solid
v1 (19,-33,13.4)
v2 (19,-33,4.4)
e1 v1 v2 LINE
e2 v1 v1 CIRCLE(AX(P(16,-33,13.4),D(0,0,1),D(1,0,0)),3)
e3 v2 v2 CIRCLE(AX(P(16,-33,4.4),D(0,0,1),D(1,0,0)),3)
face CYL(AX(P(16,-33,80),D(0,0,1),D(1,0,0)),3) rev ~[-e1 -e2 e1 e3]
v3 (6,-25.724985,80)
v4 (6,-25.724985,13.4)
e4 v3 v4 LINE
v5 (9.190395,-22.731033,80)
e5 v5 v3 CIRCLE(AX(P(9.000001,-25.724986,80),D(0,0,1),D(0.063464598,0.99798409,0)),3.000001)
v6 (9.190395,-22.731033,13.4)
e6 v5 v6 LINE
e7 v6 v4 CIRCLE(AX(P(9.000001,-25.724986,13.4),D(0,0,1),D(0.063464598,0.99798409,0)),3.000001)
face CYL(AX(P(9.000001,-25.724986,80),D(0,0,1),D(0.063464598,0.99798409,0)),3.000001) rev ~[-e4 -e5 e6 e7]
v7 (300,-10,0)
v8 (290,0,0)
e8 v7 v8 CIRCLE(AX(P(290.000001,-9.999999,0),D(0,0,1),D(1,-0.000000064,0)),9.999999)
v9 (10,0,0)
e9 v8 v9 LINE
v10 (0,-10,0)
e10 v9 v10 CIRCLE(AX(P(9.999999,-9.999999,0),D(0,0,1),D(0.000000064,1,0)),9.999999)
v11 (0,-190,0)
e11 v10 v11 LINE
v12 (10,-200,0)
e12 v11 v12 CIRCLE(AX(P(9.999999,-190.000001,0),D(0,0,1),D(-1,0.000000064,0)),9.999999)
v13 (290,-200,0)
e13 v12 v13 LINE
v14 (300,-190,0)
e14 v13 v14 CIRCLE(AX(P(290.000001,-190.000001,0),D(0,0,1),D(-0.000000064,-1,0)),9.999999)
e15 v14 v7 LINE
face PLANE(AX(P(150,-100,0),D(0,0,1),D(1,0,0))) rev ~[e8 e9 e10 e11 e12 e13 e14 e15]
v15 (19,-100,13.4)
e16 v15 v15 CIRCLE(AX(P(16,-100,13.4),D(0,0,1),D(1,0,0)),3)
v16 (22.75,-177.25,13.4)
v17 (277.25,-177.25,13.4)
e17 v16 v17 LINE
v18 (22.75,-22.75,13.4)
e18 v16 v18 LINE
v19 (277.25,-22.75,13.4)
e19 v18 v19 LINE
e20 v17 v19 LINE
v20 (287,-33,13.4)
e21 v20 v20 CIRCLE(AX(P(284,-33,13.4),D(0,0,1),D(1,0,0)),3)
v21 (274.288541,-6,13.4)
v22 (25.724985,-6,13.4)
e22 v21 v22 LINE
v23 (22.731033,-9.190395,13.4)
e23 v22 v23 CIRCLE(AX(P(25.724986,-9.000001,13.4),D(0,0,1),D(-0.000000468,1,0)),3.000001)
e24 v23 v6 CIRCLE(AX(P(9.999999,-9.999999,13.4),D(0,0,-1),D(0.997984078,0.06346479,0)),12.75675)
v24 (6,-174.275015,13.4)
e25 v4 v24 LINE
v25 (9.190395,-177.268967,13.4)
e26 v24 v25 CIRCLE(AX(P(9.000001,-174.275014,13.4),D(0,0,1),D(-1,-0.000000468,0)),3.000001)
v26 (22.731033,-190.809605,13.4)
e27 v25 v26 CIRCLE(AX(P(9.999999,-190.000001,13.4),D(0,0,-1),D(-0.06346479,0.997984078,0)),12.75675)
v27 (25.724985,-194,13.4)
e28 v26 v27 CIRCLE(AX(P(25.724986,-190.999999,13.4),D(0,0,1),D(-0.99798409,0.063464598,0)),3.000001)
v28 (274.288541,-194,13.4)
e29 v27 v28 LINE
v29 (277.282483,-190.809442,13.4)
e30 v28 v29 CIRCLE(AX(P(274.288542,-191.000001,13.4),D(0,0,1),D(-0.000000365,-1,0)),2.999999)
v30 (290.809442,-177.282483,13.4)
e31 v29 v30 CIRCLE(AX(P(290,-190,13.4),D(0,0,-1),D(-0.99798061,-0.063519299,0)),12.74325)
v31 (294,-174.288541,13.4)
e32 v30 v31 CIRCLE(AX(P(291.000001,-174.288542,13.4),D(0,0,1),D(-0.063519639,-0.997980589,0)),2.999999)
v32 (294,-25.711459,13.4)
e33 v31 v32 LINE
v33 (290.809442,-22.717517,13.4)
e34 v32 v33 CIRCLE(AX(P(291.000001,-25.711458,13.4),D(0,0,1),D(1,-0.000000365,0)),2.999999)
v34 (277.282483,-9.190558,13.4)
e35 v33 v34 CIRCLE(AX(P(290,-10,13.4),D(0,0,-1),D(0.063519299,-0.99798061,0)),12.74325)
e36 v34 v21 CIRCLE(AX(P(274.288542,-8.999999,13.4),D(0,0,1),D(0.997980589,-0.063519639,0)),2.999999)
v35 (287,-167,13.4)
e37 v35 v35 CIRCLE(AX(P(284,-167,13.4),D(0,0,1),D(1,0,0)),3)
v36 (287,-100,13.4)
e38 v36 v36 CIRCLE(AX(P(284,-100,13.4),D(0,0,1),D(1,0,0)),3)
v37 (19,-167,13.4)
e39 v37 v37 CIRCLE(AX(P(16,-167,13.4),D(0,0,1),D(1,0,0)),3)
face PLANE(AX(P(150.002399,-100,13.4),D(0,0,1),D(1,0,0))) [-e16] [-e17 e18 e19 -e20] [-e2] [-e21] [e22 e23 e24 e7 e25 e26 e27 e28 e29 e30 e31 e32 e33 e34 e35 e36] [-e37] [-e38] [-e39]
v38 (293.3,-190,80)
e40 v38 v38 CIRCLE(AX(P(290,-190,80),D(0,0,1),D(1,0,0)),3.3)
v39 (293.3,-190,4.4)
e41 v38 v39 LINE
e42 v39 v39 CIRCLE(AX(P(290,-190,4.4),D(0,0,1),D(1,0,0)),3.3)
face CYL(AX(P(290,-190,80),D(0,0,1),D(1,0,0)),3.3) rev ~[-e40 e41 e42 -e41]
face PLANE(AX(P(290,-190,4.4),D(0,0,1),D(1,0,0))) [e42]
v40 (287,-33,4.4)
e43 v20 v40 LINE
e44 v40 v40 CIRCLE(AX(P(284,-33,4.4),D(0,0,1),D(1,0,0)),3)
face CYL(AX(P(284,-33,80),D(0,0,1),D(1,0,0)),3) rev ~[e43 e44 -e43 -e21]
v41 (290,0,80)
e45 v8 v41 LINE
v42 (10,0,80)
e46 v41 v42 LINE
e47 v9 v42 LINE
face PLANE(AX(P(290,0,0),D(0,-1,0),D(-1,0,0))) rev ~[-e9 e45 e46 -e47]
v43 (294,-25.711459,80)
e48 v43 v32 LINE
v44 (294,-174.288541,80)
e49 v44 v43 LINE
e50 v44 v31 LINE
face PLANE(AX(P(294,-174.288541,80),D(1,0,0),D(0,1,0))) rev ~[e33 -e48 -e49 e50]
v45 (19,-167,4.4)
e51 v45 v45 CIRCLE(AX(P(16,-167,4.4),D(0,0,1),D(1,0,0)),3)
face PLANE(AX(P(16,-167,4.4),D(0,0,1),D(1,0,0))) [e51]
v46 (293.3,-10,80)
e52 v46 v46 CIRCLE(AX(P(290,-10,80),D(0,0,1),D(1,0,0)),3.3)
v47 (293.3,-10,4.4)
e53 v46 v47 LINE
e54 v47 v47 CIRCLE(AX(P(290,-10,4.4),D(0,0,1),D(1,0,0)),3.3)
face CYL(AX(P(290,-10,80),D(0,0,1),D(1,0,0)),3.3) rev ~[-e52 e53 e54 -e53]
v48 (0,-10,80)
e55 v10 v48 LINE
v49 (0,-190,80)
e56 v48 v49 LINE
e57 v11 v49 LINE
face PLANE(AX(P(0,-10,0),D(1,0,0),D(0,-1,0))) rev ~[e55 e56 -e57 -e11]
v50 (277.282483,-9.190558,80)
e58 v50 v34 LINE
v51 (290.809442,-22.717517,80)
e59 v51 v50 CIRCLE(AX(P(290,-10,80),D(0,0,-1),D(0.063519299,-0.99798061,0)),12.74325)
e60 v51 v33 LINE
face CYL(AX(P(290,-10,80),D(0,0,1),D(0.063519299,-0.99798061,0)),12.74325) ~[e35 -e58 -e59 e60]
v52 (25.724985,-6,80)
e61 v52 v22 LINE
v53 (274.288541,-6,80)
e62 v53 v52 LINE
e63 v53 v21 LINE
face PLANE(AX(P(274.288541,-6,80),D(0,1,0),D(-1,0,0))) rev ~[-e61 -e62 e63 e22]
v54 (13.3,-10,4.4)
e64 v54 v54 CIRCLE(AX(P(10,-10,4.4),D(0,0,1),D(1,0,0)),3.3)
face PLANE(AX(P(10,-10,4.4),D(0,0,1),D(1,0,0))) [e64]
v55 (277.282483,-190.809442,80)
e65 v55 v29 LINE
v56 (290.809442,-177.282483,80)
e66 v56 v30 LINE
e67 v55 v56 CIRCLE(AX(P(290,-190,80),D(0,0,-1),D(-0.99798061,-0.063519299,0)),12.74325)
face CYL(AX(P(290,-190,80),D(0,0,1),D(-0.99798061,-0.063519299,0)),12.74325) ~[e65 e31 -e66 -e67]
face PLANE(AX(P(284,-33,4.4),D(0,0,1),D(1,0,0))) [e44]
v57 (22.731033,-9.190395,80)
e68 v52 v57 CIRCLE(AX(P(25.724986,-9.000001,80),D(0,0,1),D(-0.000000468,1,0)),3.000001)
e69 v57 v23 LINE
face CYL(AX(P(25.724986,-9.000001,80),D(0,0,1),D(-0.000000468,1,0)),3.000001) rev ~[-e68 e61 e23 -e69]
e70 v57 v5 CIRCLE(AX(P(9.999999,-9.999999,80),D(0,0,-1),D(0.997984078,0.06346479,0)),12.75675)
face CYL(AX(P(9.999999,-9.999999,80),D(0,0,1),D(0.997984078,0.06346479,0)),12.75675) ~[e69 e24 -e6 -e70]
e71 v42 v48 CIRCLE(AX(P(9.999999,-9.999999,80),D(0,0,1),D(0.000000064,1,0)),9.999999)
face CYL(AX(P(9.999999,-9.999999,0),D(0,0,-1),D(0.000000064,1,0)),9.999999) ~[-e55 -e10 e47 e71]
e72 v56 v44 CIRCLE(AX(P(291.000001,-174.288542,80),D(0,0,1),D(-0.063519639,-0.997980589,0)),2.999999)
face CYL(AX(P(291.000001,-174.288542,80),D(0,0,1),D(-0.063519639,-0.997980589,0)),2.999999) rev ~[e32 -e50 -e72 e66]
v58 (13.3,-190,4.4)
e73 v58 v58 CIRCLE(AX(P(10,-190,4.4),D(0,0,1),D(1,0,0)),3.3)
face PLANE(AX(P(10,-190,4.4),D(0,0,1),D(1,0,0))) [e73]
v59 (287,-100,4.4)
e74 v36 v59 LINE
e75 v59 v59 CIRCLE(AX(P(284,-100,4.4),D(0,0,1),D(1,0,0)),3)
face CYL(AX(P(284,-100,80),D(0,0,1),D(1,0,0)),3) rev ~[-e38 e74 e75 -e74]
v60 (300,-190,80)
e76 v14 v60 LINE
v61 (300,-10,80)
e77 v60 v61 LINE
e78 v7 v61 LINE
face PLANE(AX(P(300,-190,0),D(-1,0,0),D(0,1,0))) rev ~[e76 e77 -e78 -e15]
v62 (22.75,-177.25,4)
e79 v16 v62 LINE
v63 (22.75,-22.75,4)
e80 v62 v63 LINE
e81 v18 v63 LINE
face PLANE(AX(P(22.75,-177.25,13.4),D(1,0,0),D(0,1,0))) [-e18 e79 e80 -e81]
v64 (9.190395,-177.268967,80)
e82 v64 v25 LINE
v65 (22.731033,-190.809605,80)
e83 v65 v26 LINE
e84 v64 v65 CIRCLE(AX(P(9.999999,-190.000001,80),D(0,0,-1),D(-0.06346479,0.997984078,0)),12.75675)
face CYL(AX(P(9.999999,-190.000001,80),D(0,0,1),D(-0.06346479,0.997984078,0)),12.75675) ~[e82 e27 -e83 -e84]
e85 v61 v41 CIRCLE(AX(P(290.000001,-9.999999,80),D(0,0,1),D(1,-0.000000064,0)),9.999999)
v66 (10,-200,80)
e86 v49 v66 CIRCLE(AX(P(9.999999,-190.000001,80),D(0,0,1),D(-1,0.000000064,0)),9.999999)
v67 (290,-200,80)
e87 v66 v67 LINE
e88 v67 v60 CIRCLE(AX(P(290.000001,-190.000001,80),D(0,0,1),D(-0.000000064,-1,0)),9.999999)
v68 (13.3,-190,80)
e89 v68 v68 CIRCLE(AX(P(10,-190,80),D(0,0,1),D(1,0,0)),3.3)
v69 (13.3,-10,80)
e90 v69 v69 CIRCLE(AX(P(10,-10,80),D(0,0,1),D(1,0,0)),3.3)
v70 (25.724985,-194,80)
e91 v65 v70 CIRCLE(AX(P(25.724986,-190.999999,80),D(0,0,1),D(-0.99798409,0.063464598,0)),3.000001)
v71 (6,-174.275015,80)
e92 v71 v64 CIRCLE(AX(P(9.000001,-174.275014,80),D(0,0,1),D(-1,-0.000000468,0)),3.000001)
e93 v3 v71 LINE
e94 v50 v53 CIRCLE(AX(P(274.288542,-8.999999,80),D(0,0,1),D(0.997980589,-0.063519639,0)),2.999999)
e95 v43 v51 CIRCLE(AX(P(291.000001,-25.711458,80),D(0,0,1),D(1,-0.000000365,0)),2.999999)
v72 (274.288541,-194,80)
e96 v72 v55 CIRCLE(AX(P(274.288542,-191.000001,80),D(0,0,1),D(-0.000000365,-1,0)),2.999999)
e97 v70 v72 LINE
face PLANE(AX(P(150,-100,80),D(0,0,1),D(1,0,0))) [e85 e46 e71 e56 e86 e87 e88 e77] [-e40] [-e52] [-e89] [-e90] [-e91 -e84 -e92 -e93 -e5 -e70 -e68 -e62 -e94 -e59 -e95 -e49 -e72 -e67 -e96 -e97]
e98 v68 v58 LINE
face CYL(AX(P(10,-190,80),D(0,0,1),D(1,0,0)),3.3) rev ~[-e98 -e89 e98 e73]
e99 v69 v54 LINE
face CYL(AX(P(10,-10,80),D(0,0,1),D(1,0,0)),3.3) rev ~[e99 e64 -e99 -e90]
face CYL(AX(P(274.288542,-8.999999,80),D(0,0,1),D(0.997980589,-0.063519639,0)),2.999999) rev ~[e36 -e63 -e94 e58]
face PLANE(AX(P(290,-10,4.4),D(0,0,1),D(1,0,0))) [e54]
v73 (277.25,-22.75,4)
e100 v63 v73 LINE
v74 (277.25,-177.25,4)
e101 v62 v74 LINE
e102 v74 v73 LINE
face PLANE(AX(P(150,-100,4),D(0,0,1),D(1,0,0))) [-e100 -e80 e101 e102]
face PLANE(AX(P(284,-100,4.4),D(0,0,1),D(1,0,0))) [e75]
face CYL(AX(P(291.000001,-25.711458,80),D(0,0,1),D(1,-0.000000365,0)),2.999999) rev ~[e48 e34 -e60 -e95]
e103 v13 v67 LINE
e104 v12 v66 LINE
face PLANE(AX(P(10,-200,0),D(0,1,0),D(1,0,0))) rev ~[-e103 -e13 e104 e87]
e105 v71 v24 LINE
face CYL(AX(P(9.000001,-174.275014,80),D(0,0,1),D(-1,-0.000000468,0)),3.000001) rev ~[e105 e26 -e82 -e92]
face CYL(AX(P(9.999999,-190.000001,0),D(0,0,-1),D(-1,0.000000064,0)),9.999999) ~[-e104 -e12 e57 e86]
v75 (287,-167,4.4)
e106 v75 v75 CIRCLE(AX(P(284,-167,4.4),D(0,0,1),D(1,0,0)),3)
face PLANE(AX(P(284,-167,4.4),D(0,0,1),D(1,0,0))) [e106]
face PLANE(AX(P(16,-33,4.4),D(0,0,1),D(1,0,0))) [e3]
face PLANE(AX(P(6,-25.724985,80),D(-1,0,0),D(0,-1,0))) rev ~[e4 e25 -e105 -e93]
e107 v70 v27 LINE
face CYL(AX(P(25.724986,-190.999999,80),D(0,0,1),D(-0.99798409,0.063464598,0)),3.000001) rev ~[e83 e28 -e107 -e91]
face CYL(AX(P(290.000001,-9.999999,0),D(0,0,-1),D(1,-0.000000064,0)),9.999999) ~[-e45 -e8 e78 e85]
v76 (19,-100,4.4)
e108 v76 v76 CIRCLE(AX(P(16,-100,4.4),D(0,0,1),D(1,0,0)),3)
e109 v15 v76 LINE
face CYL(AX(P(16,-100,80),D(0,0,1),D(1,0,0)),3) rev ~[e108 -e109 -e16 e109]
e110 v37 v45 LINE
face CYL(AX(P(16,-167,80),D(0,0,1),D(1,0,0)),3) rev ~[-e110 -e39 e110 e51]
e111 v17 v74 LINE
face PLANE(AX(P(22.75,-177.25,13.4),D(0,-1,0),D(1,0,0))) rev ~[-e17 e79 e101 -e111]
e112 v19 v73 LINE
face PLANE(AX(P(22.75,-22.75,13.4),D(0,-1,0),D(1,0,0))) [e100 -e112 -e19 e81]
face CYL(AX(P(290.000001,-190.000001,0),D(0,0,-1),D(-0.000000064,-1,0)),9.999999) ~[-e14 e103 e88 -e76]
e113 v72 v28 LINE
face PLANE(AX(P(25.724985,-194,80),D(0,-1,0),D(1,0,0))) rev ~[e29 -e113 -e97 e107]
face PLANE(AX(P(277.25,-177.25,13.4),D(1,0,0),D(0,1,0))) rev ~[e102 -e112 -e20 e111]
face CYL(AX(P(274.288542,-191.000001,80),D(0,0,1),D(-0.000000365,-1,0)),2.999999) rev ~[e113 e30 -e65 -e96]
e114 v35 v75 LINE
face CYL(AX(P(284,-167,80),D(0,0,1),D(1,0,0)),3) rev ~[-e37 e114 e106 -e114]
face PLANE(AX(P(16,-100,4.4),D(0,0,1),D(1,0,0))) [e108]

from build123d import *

# Parameters (mm, degrees)
F1_DEPTH = 80
F2_R     = 3.3
F2_R_2   = 3
F3_DEPTH = 75.6
F4_R     = 3
F4_W     = 254.5
F4_H     = 154.5
F5_DEPTH = 66.6
F6_W     = 254.5
F6_H     = 154.5
F7_DEPTH = 9.4


with BuildPart() as f1:
    # F0 (on Top) → F1 (new body)
    with BuildSketch(Plane.XY):
        with BuildLine():
            Line((290, 0), (10, 0))
            ThreePointArc((10, 0), (2.928932, -2.928932), (0, -10))
            Line((0, -10), (0, -190))
            ThreePointArc((0, -190), (2.928932, -197.071068), (10, -200))
            Line((10, -200), (290, -200))
            ThreePointArc((290, -200), (297.071068, -197.071068), (300, -190))
            Line((300, -190), (300, -10))
            ThreePointArc((300, -10), (297.071068, -2.928932), (290, 0))
        make_face()
    extrude(amount=F1_DEPTH)

    # F2 (on face) → F3 (cut)
    with BuildSketch(Plane.XY.offset(80)):
        with Locations((10, -10)):
            Circle(F2_R)
        with Locations((10, -190)):
            Circle(F2_R)
        with Locations((290, -190)):
            Circle(F2_R)
        with Locations((290, -10)):
            Circle(F2_R)
        with Locations((16, -33)):
            Circle(F2_R_2)
        with Locations((16, -100)):
            Circle(F2_R_2)
        with Locations((16, -167)):
            Circle(F2_R_2)
        with Locations((284, -100)):
            Circle(F2_R_2)
        with Locations((284, -33)):
            Circle(F2_R_2)
        with Locations((284, -167)):
            Circle(F2_R_2)
    extrude(amount=-F3_DEPTH, mode=Mode.SUBTRACT)

    # F4 (on face) → F5 (cut)
    with BuildSketch(Plane.XY.offset(80)):
        with BuildLine():
            Line((274.288541, -6), (25.724985, -6))
            ThreePointArc((25.724985, -6), (23.537386, -6.947098), (22.731033, -9.190395))
            ThreePointArc((22.731033, -9.190395), (19.020384, -19.020384), (9.190395, -22.731033))
            ThreePointArc((9.190395, -22.731033), (6.947098, -23.537386), (6, -25.724985))
            Line((6, -25.724985), (6, -174.275015))
            ThreePointArc((6, -174.275015), (6.947098, -176.462614), (9.190395, -177.268967))
            ThreePointArc((9.190395, -177.268967), (19.020384, -180.979616), (22.731033, -190.809605))
            ThreePointArc((22.731033, -190.809605), (23.537386, -193.052902), (25.724985, -194))
            Line((25.724985, -194), (274.288541, -194))
            ThreePointArc((274.288541, -194), (276.476197, -193.052843), (277.282483, -190.809442))
            ThreePointArc((277.282483, -190.809442), (280.989161, -180.989161), (290.809442, -177.282483))
            ThreePointArc((290.809442, -177.282483), (293.052843, -176.476197), (294, -174.288541))
            Line((294, -174.288541), (294, -25.711459))
            ThreePointArc((294, -25.711459), (293.052843, -23.523803), (290.809442, -22.717517))
            ThreePointArc((290.809442, -22.717517), (280.989161, -19.010839), (277.282483, -9.190558))
            ThreePointArc((277.282483, -9.190558), (276.476197, -6.947157), (274.288541, -6))
        make_face()
        with Locations((16, -167)):
            Circle(F4_R, mode=Mode.SUBTRACT)
        with Locations((284, -167)):
            Circle(F4_R, mode=Mode.SUBTRACT)
        with Locations((16, -100)):
            Circle(F4_R, mode=Mode.SUBTRACT)
        with Locations((16, -33)):
            Circle(F4_R, mode=Mode.SUBTRACT)
        with Locations((150.00675, -100)):
            Rectangle(F4_W, F4_H, mode=Mode.SUBTRACT)
        with Locations((284, -100)):
            Circle(F4_R, mode=Mode.SUBTRACT)
        with Locations((284, -33)):
            Circle(F4_R, mode=Mode.SUBTRACT)
        with Locations((150.00675, -100)):
            Rectangle(F4_W, F4_H)
    extrude(amount=-F5_DEPTH, mode=Mode.SUBTRACT)

    # F6 (on face) → F7 (cut)
    with BuildSketch(Plane.XY.offset(13.4)):
        with Locations((150, -100)):
            Rectangle(F6_W, F6_H)
    extrude(amount=-F7_DEPTH, mode=Mode.SUBTRACT)


solid = f1.part
